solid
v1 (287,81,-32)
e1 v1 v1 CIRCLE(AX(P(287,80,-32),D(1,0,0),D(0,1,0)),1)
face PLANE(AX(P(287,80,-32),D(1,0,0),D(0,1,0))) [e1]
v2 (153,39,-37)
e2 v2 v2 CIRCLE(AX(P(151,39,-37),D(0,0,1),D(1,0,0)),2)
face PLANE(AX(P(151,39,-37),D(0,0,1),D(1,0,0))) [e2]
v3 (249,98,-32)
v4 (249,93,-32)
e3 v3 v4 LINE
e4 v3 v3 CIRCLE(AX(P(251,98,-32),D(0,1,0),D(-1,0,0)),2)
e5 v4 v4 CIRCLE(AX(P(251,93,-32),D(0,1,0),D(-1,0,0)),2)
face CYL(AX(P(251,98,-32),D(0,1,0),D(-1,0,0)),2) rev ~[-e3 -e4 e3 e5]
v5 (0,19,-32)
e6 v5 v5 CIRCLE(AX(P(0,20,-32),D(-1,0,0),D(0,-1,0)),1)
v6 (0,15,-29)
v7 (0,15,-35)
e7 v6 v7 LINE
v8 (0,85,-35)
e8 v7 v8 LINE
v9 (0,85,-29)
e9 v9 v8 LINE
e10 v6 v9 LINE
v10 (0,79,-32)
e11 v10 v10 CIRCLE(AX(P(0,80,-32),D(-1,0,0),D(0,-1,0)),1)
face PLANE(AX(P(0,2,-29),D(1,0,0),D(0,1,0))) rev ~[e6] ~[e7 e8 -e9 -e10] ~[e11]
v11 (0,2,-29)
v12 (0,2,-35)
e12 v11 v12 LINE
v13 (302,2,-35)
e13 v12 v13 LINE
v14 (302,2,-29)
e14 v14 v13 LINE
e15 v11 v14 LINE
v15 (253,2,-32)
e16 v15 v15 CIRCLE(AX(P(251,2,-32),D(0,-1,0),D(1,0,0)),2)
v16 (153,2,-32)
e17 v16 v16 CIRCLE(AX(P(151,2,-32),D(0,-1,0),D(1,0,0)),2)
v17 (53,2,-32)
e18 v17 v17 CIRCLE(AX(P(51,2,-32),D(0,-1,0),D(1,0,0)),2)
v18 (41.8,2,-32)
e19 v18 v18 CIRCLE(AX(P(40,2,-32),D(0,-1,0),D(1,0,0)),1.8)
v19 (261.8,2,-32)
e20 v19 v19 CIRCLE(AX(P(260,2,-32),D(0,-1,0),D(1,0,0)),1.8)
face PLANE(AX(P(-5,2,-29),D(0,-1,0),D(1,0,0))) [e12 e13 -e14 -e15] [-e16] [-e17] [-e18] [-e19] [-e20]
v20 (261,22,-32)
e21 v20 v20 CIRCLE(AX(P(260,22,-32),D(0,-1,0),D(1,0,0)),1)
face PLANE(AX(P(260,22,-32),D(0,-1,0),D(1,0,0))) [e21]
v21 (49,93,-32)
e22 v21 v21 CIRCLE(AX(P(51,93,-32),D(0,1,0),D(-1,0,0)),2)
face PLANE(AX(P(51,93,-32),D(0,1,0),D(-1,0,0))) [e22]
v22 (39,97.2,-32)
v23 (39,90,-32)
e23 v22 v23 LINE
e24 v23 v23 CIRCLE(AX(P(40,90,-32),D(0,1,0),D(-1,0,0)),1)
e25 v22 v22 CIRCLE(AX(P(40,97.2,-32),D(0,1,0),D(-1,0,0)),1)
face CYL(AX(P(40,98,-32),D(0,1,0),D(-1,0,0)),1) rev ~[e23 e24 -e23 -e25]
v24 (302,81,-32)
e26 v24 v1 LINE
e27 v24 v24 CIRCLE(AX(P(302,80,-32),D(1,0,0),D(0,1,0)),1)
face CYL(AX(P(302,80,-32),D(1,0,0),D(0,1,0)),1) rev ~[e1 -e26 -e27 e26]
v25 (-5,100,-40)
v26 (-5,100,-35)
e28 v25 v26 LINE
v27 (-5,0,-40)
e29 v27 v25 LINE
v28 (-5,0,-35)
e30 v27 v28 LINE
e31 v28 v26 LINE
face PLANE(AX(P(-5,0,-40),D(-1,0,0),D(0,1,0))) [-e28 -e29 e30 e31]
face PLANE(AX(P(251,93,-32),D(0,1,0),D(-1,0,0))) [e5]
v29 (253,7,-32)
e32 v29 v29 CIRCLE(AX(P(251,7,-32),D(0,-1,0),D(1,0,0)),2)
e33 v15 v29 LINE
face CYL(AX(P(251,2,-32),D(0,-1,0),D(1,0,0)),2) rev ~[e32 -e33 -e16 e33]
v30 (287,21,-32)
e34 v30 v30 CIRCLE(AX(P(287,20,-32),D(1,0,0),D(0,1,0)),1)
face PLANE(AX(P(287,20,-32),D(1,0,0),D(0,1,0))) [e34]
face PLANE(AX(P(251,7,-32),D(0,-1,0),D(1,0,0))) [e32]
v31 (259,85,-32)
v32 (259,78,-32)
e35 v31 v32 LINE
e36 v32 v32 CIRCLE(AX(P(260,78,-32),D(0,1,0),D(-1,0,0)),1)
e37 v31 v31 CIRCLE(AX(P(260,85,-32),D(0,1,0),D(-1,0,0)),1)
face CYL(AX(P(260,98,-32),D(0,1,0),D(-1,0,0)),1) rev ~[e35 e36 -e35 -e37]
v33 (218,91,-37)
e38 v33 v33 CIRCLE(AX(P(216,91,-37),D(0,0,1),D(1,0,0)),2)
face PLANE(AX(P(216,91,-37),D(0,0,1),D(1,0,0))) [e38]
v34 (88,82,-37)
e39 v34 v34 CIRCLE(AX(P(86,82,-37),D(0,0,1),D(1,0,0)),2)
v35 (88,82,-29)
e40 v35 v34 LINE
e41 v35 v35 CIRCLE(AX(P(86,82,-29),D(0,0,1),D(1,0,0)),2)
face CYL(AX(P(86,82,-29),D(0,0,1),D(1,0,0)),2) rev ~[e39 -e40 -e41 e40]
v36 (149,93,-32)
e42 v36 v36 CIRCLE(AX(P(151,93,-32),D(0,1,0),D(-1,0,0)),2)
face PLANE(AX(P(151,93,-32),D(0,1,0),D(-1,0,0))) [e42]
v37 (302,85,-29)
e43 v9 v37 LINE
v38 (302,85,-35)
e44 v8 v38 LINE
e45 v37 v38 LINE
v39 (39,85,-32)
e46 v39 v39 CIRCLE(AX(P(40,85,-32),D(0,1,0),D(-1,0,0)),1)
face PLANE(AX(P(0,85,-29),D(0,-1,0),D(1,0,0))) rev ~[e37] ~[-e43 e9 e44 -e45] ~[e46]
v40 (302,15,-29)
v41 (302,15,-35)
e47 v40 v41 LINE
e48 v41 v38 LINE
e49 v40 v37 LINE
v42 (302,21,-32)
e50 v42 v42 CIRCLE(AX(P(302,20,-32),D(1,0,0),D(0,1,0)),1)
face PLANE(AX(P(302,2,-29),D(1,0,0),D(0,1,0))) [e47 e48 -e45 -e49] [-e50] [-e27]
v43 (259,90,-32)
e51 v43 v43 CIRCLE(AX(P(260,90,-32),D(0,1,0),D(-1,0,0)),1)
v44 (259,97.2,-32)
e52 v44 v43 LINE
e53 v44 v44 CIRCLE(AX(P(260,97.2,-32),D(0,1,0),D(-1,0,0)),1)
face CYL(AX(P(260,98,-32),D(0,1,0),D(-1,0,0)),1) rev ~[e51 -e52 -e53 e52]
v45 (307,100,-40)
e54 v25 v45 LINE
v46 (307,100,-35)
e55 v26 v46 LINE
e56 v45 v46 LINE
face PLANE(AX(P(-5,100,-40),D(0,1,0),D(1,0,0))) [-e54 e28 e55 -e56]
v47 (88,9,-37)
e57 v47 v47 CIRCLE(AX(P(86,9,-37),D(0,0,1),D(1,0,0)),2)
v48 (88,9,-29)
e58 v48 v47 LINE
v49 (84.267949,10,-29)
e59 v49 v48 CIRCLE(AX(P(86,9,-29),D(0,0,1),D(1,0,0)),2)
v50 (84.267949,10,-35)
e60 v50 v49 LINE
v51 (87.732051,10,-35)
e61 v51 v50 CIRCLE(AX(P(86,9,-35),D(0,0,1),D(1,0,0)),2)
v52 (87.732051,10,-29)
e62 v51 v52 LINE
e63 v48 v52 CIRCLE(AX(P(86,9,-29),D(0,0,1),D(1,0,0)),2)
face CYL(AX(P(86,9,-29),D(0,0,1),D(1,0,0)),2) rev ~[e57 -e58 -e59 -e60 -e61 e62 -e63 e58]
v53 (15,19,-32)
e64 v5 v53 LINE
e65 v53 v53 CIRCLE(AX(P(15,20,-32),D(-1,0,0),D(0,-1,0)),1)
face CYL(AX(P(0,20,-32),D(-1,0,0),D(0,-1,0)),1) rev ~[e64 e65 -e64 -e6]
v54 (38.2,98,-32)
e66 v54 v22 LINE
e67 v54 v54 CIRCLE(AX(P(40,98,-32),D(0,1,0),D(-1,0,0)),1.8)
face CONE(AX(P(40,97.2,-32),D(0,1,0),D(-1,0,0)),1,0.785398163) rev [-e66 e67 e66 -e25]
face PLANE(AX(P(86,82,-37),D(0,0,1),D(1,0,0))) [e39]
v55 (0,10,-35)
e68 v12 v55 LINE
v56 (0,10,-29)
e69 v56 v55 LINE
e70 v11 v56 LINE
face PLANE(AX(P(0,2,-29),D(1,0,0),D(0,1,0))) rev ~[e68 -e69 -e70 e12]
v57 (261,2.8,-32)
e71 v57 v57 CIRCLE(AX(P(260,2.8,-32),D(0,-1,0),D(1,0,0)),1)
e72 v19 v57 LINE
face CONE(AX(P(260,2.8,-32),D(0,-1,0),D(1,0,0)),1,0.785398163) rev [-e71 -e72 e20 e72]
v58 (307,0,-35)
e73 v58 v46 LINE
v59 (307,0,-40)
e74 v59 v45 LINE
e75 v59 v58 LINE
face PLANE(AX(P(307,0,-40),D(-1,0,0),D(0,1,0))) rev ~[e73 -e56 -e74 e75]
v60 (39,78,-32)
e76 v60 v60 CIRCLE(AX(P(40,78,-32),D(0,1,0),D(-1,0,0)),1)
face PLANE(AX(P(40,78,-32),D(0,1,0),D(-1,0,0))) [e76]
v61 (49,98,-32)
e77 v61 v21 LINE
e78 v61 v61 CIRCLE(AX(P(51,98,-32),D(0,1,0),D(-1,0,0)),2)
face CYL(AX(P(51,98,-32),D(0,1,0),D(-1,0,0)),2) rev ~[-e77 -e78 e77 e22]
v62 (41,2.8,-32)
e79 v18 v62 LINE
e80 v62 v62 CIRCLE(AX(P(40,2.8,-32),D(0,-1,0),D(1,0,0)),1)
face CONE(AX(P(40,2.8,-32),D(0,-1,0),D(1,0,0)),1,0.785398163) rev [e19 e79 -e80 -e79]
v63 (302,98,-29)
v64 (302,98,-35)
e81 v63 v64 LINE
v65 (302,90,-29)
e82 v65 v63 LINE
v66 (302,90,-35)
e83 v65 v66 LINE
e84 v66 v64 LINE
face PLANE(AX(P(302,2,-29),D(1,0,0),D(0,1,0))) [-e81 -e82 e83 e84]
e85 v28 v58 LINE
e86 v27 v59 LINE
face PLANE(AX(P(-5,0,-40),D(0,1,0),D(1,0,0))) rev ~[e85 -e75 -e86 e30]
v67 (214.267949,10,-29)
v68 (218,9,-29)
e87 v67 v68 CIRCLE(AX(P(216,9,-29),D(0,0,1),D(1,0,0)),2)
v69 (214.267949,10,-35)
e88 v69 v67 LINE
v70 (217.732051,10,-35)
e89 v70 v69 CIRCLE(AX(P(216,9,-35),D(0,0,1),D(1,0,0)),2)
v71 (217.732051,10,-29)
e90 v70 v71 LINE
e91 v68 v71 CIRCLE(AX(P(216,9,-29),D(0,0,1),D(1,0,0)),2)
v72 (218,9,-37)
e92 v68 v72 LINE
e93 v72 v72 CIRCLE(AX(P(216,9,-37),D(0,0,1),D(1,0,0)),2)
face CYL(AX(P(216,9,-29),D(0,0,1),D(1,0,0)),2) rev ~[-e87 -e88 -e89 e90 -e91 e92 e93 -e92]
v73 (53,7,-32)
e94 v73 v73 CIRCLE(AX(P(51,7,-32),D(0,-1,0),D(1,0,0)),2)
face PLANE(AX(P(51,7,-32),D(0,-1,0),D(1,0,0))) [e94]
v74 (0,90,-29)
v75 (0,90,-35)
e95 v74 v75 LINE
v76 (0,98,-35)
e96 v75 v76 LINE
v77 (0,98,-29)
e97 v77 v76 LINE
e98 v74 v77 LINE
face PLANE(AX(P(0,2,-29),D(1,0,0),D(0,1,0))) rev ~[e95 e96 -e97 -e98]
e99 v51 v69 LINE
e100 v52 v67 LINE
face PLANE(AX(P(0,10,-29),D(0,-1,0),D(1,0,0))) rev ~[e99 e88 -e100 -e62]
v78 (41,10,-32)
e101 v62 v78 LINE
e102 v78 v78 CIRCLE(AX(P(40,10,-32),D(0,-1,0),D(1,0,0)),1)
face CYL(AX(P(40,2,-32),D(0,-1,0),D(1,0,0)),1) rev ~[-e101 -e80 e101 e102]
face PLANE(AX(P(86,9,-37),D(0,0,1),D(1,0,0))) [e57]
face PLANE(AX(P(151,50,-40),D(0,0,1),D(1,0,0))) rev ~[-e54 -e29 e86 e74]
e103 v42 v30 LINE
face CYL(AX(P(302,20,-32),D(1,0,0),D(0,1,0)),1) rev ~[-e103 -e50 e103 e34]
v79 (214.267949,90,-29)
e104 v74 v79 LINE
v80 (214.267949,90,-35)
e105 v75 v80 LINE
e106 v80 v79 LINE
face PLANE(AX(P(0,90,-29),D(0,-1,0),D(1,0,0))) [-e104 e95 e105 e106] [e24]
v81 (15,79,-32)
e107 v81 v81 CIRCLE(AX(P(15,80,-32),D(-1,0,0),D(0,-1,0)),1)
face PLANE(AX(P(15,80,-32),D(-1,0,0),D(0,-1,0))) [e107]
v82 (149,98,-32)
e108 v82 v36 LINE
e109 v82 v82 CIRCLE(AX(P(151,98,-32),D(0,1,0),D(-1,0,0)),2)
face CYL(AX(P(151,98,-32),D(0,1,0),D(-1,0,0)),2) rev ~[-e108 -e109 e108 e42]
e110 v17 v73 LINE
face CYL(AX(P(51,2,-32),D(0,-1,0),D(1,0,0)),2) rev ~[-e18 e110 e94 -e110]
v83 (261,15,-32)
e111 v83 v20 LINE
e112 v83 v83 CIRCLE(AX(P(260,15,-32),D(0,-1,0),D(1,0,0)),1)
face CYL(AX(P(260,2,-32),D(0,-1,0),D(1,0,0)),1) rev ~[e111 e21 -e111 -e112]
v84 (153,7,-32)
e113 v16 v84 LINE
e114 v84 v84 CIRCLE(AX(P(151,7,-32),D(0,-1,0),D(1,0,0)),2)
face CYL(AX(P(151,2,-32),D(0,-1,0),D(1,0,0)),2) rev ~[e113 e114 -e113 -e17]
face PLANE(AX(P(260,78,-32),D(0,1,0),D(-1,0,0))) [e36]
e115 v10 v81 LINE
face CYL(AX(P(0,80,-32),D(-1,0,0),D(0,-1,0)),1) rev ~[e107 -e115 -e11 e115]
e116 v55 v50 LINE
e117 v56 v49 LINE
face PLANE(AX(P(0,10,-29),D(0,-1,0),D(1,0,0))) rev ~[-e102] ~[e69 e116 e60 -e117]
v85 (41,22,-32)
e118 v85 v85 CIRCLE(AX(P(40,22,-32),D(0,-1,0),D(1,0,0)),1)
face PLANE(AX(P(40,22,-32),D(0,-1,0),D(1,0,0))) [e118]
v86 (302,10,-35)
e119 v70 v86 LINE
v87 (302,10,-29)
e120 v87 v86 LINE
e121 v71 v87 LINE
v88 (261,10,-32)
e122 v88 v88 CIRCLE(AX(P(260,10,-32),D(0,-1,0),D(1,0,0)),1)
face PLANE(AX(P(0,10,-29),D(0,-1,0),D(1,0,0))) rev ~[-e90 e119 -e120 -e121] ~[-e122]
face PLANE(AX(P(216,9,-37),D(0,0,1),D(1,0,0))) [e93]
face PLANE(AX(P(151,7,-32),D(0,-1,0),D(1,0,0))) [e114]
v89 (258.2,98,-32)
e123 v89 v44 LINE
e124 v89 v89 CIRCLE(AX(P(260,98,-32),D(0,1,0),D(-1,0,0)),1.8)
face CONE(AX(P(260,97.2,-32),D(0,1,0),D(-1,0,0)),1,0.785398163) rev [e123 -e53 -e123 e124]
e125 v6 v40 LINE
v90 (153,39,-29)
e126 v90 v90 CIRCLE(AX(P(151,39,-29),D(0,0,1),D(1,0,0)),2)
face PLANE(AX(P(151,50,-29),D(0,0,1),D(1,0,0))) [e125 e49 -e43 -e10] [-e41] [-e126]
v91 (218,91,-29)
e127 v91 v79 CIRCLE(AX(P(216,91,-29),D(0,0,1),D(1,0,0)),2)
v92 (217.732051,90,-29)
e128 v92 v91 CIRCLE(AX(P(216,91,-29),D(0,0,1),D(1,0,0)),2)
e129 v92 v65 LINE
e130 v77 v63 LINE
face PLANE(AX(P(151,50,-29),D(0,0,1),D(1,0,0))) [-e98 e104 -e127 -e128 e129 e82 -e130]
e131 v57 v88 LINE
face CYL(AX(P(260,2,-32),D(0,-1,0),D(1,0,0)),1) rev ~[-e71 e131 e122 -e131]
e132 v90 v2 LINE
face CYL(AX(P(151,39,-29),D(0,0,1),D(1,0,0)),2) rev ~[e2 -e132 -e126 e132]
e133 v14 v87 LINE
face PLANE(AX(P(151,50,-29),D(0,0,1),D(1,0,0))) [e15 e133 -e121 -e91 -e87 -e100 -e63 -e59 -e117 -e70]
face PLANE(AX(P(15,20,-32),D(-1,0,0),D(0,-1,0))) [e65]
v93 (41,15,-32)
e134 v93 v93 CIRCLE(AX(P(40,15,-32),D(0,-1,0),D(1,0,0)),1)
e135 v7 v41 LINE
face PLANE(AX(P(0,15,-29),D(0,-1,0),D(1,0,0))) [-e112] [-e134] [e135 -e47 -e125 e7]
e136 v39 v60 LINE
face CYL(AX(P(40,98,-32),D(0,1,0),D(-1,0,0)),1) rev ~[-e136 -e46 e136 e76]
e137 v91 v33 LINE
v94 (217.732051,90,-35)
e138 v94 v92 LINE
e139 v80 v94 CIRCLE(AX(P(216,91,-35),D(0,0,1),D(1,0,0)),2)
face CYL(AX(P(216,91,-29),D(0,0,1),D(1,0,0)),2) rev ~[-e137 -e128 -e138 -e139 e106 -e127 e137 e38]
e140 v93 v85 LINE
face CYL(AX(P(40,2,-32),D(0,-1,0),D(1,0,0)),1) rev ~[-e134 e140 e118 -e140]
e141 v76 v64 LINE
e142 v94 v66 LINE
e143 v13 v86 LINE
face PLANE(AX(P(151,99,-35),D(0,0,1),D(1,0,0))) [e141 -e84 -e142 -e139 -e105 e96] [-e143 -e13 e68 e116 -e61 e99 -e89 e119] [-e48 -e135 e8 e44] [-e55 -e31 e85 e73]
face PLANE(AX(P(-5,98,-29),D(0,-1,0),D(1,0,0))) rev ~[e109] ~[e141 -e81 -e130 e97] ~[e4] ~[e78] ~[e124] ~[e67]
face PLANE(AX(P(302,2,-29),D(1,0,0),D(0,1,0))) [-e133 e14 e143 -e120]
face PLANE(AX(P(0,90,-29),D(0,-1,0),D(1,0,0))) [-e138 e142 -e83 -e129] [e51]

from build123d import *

# Parameters (mm, degrees)
SKETCH002_W     = 312
SKETCH002_H     = 100
PAD002_DEPTH    = 11
SKETCH003_W     = 312
SKETCH003_H     = 2
POCKET_DEPTH    = 6
SKETCH004_W     = 5
SKETCH004_H     = 96
POCKET001_DEPTH = 6
SKETCH008_W     = 302
SKETCH008_H     = 5
POCKET003_DEPTH = 6
SKETCH018_R     = 2
POCKET011_DEPTH = 5
SKETCH019_R     = 2
POCKET012_DEPTH = 5
SKETCH020_R     = 1
POCKET013_DEPTH = 15
SKETCH021_R     = 1
POCKET014_DEPTH = 15
SKETCH022_R     = 1
POCKET015_DEPTH = 20
SKETCH023_R     = 1
POCKET016_DEPTH = 20
CHAMFER001_SIZE = 0.8
SKETCH058_R     = 2
POCKET028_DEPTH = 8


with BuildPart() as part:
    # Sketch002 → Pad002 (new body)
    with BuildSketch(Plane.XY):
        with Locations((156, 50)):
            Rectangle(SKETCH002_W, SKETCH002_H)
    extrude(amount=PAD002_DEPTH)

    # Sketch003 (on Face6 of Pad002) → Pocket (cut)
    with BuildSketch(Plane.XY.offset(11)):
        with Locations((156, 1)):
            Rectangle(SKETCH003_W, SKETCH003_H)
        with Locations((156, 99)):
            Rectangle(SKETCH003_W, SKETCH003_H)
    extrude(amount=-POCKET_DEPTH, mode=Mode.SUBTRACT)

    # Sketch004 (on Face9 of Pocket) → Pocket001 (cut)
    with BuildSketch(Plane.XY.offset(11)):
        with Locations((2.5, 50)):
            Rectangle(SKETCH004_W, SKETCH004_H)
        with Locations((309.5, 50)):
            Rectangle(SKETCH004_W, SKETCH004_H)
    extrude(amount=-POCKET001_DEPTH, mode=Mode.SUBTRACT)

    # Sketch008 (on Face13 of Pocket001) → Pocket003 (cut)
    with BuildSketch(Plane.XY.offset(11)):
        with Locations((156, 87.5)):
            Rectangle(SKETCH008_W, SKETCH008_H)
        with Locations((156, 12.5)):
            Rectangle(SKETCH008_W, SKETCH008_H)
    extrude(amount=-POCKET003_DEPTH, mode=Mode.SUBTRACT)

    # Sketch018 (on Face9 of Pocket003) → Pocket011 (cut)
    with BuildSketch(Plane.XZ.offset(-2)):
        with Locations((56, 8)):
            Circle(SKETCH018_R)
        with Locations((156, 8)):
            Circle(SKETCH018_R)
        with Locations((256, 8)):
            Circle(SKETCH018_R)
    extrude(amount=-POCKET011_DEPTH, mode=Mode.SUBTRACT)

    # Sketch019 (on Face11 of Pocket011) → Pocket012 (cut)
    with BuildSketch(Plane(origin=(0, 98, 0), x_dir=(-1, 0, 0), z_dir=(0, 1, 0))):
        with Locations((-56, 8)):
            Circle(SKETCH019_R)
        with Locations((-156, 8)):
            Circle(SKETCH019_R)
        with Locations((-256, 8)):
            Circle(SKETCH019_R)
    extrude(amount=-POCKET012_DEPTH, mode=Mode.SUBTRACT)

    # Sketch020 (on Face22 of Pocket012) → Pocket013 (cut)
    with BuildSketch(Plane(origin=(5, 0, 0), x_dir=(0, -1, 0), z_dir=(-1, 0, 0))):
        with Locations((-20, 8)):
            Circle(SKETCH020_R)
        with Locations((-80, 8)):
            Circle(SKETCH020_R)
    extrude(amount=-POCKET013_DEPTH, mode=Mode.SUBTRACT)

    # Sketch021 (on Face14 of Pocket013) → Pocket014 (cut)
    with BuildSketch(Plane.YZ.offset(307)):
        with Locations((80, 8)):
            Circle(SKETCH021_R)
        with Locations((20, 8)):
            Circle(SKETCH021_R)
    extrude(amount=-POCKET014_DEPTH, mode=Mode.SUBTRACT)

    # Sketch022 (on Face9 of Pocket014) → Pocket015 (cut)
    with BuildSketch(Plane.XZ.offset(-2)):
        with Locations((45, 8)):
            Circle(SKETCH022_R)
        with Locations((265, 8)):
            Circle(SKETCH022_R)
    extrude(amount=-POCKET015_DEPTH, mode=Mode.SUBTRACT)

    # Sketch023 (on Face11 of Pocket015) → Pocket016 (cut)
    with BuildSketch(Plane(origin=(0, 98, 0), x_dir=(-1, 0, 0), z_dir=(0, 1, 0))):
        with Locations((-45, 8)):
            Circle(SKETCH023_R)
        with Locations((-265, 8)):
            Circle(SKETCH023_R)
    extrude(amount=-POCKET016_DEPTH, mode=Mode.SUBTRACT)

    # Chamfer001
    chamfer001_edges = [part.edges().sort_by_distance(p)[0] for p in [
        (46, 98, 8),
        (266, 98, 8),
        (264, 2, 8),
        (44, 2, 8),
    ]]
    chamfer(chamfer001_edges, length=CHAMFER001_SIZE)

    # Sketch058 (on Face3 of Chamfer001) → Pocket028 (cut)
    with BuildSketch(Plane.XY.offset(11)):
        with Locations((91, 9)):
            Circle(SKETCH058_R)
        with Locations((221, 9)):
            Circle(SKETCH058_R)
        with Locations((156, 39)):
            Circle(SKETCH058_R)
        with Locations((91, 82)):
            Circle(SKETCH058_R)
        with Locations((221, 91)):
            Circle(SKETCH058_R)
    extrude(amount=-POCKET028_DEPTH, mode=Mode.SUBTRACT)


with BuildPart() as part_1:
    # Body001 placement: moved
    add(part.part.moved(Location((-5, 0, -40))))


solid = part_1.part
